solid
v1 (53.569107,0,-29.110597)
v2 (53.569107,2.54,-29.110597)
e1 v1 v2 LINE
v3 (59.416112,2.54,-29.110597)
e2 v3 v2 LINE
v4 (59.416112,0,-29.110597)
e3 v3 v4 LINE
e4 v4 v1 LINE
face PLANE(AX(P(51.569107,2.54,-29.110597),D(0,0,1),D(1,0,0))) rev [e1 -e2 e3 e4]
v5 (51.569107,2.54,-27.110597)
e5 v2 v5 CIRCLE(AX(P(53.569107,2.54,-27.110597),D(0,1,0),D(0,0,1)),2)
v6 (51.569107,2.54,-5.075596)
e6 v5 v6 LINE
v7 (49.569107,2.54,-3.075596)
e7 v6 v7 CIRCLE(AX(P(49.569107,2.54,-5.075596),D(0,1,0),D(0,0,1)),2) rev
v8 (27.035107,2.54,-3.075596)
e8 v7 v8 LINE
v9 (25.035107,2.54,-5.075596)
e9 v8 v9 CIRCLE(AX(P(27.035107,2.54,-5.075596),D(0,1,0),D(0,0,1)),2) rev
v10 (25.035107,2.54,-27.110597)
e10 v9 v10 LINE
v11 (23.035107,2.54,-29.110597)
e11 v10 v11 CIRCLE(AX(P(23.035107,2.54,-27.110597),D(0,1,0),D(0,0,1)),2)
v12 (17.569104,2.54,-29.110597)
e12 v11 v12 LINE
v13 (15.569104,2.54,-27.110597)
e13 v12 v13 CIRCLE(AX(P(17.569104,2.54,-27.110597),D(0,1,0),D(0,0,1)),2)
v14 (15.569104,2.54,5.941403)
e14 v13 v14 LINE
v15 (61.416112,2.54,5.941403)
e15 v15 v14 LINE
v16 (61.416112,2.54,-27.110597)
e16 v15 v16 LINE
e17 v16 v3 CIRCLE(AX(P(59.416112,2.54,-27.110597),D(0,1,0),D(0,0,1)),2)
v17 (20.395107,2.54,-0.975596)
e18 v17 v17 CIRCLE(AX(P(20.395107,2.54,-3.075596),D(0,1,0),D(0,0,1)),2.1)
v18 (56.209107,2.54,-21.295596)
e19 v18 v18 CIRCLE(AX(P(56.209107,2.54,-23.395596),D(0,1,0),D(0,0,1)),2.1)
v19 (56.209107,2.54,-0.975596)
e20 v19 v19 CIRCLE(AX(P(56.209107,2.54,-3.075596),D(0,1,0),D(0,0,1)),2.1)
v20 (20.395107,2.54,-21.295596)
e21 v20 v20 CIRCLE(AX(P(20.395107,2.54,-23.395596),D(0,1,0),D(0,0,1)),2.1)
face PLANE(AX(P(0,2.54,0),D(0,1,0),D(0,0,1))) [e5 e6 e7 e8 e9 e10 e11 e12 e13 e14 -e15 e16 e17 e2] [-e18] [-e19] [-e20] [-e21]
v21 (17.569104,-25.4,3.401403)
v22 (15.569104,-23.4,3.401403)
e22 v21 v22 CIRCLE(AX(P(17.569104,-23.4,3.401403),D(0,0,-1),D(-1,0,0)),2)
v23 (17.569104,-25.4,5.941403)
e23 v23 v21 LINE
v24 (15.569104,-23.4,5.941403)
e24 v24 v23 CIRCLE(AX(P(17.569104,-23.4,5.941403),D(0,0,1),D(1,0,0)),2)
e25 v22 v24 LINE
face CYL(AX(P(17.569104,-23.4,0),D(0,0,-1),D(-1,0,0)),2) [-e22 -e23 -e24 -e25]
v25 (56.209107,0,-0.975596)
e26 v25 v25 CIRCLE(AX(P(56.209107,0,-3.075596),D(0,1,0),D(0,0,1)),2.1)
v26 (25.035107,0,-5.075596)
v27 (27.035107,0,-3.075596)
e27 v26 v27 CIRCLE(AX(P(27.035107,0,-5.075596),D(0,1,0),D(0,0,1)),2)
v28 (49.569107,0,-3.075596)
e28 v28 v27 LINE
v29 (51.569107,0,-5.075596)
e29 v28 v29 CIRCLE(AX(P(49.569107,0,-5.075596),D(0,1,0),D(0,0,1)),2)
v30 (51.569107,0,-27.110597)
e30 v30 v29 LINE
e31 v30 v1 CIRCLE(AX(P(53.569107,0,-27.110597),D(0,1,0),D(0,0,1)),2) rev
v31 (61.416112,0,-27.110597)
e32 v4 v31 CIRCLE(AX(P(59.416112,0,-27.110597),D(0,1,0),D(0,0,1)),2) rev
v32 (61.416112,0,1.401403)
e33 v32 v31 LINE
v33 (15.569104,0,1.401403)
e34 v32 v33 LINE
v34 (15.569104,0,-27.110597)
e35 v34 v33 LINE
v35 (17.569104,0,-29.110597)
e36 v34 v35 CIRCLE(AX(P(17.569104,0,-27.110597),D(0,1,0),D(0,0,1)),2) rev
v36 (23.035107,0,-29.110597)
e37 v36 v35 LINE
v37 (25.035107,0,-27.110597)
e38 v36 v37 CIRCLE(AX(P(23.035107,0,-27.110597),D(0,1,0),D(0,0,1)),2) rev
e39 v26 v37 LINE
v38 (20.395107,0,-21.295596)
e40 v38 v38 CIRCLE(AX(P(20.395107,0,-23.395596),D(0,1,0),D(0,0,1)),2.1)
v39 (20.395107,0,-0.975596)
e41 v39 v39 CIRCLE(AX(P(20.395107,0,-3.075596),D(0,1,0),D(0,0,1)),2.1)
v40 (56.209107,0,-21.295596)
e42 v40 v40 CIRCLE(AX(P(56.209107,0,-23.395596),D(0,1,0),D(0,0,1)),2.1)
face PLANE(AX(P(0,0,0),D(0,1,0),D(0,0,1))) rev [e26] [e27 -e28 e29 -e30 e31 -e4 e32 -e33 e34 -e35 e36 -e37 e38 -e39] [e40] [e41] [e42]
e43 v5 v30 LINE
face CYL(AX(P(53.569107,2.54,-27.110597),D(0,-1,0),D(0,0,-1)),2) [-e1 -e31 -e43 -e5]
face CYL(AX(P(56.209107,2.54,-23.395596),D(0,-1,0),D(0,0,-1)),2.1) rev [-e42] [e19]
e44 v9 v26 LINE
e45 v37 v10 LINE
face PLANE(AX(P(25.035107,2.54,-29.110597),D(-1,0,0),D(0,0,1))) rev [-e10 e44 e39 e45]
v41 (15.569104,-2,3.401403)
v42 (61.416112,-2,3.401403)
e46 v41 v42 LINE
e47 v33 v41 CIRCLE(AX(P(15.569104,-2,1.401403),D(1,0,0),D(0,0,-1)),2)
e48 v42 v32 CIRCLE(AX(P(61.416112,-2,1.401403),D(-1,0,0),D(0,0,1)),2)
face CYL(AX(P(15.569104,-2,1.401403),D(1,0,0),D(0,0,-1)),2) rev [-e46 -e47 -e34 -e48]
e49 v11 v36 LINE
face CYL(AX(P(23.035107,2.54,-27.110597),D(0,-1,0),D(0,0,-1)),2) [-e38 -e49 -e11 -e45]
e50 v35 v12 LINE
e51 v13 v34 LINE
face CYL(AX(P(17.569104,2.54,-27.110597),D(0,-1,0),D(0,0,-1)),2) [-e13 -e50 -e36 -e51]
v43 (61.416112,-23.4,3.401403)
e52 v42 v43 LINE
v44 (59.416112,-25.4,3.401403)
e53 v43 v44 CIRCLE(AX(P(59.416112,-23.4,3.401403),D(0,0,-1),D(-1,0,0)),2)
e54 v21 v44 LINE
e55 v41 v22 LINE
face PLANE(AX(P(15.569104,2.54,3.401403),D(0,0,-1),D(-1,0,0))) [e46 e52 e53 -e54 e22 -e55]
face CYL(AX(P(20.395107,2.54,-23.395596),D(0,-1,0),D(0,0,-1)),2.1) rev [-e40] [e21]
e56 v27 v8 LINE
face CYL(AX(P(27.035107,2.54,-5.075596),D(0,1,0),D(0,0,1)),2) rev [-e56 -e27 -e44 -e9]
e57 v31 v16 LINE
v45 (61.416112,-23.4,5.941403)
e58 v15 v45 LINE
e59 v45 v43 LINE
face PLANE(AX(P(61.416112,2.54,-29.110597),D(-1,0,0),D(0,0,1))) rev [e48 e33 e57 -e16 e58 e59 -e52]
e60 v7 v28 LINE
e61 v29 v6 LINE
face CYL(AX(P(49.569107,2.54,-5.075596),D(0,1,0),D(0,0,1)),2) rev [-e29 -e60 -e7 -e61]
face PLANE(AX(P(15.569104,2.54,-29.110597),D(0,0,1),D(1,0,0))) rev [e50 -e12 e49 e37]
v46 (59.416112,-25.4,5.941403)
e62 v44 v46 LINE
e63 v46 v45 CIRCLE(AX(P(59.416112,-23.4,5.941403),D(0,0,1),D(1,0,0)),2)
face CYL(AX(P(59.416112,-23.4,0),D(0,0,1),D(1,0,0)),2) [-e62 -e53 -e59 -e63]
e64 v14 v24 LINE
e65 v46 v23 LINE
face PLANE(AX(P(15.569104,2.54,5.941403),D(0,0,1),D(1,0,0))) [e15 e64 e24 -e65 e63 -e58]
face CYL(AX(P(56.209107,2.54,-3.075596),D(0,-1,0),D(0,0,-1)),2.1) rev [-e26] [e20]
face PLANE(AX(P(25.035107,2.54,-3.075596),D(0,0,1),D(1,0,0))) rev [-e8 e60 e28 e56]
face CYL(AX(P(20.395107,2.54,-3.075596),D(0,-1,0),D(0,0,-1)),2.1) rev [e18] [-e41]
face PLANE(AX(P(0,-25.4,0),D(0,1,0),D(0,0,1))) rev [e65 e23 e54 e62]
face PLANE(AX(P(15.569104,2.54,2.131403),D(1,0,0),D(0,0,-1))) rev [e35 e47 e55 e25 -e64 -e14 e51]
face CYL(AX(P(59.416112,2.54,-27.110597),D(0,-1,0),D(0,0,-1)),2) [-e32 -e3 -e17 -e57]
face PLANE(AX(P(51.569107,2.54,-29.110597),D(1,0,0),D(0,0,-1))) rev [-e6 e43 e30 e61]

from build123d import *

# Parameters (mm, degrees)
SKETCH1_R                = 2.1
BOSS_EXTRUDE1_DEPTH      = 2.54
BOSS_EXTRUDE2_DEPTH      = 25.4
BOSS_EXTRUDE2_DEPTH_BACK = 2.54
SKETCH2_W                = 45.847007751
SKETCH2_H                = 2.54
FILLET1_R                = 2


with BuildPart() as part:
    # Sketch1 → Boss-Extrude1 (new body)
    with BuildSketch(Plane(origin=(0, 0, 0), x_dir=(1, 0, 0), z_dir=(0, 1, 0))):
        Polygon((15.569104138, 29.110597295), (25.03510725, 29.110597295), (25.03510725, 3.075596379), (51.56910725, 3.075596379), (51.56910725, 29.110597295), (61.416111889, 29.110597295), (61.416111889, -2.131403285), (61.416111889, -3.401403285), (15.569104138, -3.401403285), (15.569104138, -2.131403285), align=None)
        with Locations(Location((20.39510725, 23.395596379, 0), (0, 0, 270))):
            Circle(SKETCH1_R, mode=Mode.SUBTRACT)
        with Locations(Location((20.39510725, 3.075596379, 0), (0, 0, 270))):
            Circle(SKETCH1_R, mode=Mode.SUBTRACT)
        with Locations(Location((56.20910725, 23.395596379, 0), (0, 0, 270))):
            Circle(SKETCH1_R, mode=Mode.SUBTRACT)
        with Locations(Location((56.20910725, 3.075596379, 0), (0, 0, 270))):
            Circle(SKETCH1_R, mode=Mode.SUBTRACT)
    extrude(amount=BOSS_EXTRUDE1_DEPTH)

    # Sketch2 → Boss-Extrude2 (add, two sides: drawn at the far end of the back side and taken through both)
    with BuildSketch(Plane.XZ.offset(-BOSS_EXTRUDE2_DEPTH_BACK)):
        with Locations((38.492608014, 4.671403285)):
            Rectangle(SKETCH2_W, SKETCH2_H)
    extrude(amount=BOSS_EXTRUDE2_DEPTH + BOSS_EXTRUDE2_DEPTH_BACK)

    # Fillet1
    fillet1_edges = [part.edges().sort_by_distance(p)[0] for p in [
        (38.492608013, 0, 3.401403285),
        (15.569104138, 1.27, -29.110597295),
        (25.03510725, 1.27, -29.110597295),
        (25.03510725, 1.27, -3.075596379),
        (51.56910725, 1.27, -3.075596379),
        (51.56910725, 1.27, -29.110597295),
        (61.416111889, 1.27, -29.110597295),
        (15.569104138, -25.4, 4.671403285),
        (61.416111889, -25.4, 4.671403285),
    ]]
    fillet(fillet1_edges, radius=FILLET1_R)


solid = part.part
